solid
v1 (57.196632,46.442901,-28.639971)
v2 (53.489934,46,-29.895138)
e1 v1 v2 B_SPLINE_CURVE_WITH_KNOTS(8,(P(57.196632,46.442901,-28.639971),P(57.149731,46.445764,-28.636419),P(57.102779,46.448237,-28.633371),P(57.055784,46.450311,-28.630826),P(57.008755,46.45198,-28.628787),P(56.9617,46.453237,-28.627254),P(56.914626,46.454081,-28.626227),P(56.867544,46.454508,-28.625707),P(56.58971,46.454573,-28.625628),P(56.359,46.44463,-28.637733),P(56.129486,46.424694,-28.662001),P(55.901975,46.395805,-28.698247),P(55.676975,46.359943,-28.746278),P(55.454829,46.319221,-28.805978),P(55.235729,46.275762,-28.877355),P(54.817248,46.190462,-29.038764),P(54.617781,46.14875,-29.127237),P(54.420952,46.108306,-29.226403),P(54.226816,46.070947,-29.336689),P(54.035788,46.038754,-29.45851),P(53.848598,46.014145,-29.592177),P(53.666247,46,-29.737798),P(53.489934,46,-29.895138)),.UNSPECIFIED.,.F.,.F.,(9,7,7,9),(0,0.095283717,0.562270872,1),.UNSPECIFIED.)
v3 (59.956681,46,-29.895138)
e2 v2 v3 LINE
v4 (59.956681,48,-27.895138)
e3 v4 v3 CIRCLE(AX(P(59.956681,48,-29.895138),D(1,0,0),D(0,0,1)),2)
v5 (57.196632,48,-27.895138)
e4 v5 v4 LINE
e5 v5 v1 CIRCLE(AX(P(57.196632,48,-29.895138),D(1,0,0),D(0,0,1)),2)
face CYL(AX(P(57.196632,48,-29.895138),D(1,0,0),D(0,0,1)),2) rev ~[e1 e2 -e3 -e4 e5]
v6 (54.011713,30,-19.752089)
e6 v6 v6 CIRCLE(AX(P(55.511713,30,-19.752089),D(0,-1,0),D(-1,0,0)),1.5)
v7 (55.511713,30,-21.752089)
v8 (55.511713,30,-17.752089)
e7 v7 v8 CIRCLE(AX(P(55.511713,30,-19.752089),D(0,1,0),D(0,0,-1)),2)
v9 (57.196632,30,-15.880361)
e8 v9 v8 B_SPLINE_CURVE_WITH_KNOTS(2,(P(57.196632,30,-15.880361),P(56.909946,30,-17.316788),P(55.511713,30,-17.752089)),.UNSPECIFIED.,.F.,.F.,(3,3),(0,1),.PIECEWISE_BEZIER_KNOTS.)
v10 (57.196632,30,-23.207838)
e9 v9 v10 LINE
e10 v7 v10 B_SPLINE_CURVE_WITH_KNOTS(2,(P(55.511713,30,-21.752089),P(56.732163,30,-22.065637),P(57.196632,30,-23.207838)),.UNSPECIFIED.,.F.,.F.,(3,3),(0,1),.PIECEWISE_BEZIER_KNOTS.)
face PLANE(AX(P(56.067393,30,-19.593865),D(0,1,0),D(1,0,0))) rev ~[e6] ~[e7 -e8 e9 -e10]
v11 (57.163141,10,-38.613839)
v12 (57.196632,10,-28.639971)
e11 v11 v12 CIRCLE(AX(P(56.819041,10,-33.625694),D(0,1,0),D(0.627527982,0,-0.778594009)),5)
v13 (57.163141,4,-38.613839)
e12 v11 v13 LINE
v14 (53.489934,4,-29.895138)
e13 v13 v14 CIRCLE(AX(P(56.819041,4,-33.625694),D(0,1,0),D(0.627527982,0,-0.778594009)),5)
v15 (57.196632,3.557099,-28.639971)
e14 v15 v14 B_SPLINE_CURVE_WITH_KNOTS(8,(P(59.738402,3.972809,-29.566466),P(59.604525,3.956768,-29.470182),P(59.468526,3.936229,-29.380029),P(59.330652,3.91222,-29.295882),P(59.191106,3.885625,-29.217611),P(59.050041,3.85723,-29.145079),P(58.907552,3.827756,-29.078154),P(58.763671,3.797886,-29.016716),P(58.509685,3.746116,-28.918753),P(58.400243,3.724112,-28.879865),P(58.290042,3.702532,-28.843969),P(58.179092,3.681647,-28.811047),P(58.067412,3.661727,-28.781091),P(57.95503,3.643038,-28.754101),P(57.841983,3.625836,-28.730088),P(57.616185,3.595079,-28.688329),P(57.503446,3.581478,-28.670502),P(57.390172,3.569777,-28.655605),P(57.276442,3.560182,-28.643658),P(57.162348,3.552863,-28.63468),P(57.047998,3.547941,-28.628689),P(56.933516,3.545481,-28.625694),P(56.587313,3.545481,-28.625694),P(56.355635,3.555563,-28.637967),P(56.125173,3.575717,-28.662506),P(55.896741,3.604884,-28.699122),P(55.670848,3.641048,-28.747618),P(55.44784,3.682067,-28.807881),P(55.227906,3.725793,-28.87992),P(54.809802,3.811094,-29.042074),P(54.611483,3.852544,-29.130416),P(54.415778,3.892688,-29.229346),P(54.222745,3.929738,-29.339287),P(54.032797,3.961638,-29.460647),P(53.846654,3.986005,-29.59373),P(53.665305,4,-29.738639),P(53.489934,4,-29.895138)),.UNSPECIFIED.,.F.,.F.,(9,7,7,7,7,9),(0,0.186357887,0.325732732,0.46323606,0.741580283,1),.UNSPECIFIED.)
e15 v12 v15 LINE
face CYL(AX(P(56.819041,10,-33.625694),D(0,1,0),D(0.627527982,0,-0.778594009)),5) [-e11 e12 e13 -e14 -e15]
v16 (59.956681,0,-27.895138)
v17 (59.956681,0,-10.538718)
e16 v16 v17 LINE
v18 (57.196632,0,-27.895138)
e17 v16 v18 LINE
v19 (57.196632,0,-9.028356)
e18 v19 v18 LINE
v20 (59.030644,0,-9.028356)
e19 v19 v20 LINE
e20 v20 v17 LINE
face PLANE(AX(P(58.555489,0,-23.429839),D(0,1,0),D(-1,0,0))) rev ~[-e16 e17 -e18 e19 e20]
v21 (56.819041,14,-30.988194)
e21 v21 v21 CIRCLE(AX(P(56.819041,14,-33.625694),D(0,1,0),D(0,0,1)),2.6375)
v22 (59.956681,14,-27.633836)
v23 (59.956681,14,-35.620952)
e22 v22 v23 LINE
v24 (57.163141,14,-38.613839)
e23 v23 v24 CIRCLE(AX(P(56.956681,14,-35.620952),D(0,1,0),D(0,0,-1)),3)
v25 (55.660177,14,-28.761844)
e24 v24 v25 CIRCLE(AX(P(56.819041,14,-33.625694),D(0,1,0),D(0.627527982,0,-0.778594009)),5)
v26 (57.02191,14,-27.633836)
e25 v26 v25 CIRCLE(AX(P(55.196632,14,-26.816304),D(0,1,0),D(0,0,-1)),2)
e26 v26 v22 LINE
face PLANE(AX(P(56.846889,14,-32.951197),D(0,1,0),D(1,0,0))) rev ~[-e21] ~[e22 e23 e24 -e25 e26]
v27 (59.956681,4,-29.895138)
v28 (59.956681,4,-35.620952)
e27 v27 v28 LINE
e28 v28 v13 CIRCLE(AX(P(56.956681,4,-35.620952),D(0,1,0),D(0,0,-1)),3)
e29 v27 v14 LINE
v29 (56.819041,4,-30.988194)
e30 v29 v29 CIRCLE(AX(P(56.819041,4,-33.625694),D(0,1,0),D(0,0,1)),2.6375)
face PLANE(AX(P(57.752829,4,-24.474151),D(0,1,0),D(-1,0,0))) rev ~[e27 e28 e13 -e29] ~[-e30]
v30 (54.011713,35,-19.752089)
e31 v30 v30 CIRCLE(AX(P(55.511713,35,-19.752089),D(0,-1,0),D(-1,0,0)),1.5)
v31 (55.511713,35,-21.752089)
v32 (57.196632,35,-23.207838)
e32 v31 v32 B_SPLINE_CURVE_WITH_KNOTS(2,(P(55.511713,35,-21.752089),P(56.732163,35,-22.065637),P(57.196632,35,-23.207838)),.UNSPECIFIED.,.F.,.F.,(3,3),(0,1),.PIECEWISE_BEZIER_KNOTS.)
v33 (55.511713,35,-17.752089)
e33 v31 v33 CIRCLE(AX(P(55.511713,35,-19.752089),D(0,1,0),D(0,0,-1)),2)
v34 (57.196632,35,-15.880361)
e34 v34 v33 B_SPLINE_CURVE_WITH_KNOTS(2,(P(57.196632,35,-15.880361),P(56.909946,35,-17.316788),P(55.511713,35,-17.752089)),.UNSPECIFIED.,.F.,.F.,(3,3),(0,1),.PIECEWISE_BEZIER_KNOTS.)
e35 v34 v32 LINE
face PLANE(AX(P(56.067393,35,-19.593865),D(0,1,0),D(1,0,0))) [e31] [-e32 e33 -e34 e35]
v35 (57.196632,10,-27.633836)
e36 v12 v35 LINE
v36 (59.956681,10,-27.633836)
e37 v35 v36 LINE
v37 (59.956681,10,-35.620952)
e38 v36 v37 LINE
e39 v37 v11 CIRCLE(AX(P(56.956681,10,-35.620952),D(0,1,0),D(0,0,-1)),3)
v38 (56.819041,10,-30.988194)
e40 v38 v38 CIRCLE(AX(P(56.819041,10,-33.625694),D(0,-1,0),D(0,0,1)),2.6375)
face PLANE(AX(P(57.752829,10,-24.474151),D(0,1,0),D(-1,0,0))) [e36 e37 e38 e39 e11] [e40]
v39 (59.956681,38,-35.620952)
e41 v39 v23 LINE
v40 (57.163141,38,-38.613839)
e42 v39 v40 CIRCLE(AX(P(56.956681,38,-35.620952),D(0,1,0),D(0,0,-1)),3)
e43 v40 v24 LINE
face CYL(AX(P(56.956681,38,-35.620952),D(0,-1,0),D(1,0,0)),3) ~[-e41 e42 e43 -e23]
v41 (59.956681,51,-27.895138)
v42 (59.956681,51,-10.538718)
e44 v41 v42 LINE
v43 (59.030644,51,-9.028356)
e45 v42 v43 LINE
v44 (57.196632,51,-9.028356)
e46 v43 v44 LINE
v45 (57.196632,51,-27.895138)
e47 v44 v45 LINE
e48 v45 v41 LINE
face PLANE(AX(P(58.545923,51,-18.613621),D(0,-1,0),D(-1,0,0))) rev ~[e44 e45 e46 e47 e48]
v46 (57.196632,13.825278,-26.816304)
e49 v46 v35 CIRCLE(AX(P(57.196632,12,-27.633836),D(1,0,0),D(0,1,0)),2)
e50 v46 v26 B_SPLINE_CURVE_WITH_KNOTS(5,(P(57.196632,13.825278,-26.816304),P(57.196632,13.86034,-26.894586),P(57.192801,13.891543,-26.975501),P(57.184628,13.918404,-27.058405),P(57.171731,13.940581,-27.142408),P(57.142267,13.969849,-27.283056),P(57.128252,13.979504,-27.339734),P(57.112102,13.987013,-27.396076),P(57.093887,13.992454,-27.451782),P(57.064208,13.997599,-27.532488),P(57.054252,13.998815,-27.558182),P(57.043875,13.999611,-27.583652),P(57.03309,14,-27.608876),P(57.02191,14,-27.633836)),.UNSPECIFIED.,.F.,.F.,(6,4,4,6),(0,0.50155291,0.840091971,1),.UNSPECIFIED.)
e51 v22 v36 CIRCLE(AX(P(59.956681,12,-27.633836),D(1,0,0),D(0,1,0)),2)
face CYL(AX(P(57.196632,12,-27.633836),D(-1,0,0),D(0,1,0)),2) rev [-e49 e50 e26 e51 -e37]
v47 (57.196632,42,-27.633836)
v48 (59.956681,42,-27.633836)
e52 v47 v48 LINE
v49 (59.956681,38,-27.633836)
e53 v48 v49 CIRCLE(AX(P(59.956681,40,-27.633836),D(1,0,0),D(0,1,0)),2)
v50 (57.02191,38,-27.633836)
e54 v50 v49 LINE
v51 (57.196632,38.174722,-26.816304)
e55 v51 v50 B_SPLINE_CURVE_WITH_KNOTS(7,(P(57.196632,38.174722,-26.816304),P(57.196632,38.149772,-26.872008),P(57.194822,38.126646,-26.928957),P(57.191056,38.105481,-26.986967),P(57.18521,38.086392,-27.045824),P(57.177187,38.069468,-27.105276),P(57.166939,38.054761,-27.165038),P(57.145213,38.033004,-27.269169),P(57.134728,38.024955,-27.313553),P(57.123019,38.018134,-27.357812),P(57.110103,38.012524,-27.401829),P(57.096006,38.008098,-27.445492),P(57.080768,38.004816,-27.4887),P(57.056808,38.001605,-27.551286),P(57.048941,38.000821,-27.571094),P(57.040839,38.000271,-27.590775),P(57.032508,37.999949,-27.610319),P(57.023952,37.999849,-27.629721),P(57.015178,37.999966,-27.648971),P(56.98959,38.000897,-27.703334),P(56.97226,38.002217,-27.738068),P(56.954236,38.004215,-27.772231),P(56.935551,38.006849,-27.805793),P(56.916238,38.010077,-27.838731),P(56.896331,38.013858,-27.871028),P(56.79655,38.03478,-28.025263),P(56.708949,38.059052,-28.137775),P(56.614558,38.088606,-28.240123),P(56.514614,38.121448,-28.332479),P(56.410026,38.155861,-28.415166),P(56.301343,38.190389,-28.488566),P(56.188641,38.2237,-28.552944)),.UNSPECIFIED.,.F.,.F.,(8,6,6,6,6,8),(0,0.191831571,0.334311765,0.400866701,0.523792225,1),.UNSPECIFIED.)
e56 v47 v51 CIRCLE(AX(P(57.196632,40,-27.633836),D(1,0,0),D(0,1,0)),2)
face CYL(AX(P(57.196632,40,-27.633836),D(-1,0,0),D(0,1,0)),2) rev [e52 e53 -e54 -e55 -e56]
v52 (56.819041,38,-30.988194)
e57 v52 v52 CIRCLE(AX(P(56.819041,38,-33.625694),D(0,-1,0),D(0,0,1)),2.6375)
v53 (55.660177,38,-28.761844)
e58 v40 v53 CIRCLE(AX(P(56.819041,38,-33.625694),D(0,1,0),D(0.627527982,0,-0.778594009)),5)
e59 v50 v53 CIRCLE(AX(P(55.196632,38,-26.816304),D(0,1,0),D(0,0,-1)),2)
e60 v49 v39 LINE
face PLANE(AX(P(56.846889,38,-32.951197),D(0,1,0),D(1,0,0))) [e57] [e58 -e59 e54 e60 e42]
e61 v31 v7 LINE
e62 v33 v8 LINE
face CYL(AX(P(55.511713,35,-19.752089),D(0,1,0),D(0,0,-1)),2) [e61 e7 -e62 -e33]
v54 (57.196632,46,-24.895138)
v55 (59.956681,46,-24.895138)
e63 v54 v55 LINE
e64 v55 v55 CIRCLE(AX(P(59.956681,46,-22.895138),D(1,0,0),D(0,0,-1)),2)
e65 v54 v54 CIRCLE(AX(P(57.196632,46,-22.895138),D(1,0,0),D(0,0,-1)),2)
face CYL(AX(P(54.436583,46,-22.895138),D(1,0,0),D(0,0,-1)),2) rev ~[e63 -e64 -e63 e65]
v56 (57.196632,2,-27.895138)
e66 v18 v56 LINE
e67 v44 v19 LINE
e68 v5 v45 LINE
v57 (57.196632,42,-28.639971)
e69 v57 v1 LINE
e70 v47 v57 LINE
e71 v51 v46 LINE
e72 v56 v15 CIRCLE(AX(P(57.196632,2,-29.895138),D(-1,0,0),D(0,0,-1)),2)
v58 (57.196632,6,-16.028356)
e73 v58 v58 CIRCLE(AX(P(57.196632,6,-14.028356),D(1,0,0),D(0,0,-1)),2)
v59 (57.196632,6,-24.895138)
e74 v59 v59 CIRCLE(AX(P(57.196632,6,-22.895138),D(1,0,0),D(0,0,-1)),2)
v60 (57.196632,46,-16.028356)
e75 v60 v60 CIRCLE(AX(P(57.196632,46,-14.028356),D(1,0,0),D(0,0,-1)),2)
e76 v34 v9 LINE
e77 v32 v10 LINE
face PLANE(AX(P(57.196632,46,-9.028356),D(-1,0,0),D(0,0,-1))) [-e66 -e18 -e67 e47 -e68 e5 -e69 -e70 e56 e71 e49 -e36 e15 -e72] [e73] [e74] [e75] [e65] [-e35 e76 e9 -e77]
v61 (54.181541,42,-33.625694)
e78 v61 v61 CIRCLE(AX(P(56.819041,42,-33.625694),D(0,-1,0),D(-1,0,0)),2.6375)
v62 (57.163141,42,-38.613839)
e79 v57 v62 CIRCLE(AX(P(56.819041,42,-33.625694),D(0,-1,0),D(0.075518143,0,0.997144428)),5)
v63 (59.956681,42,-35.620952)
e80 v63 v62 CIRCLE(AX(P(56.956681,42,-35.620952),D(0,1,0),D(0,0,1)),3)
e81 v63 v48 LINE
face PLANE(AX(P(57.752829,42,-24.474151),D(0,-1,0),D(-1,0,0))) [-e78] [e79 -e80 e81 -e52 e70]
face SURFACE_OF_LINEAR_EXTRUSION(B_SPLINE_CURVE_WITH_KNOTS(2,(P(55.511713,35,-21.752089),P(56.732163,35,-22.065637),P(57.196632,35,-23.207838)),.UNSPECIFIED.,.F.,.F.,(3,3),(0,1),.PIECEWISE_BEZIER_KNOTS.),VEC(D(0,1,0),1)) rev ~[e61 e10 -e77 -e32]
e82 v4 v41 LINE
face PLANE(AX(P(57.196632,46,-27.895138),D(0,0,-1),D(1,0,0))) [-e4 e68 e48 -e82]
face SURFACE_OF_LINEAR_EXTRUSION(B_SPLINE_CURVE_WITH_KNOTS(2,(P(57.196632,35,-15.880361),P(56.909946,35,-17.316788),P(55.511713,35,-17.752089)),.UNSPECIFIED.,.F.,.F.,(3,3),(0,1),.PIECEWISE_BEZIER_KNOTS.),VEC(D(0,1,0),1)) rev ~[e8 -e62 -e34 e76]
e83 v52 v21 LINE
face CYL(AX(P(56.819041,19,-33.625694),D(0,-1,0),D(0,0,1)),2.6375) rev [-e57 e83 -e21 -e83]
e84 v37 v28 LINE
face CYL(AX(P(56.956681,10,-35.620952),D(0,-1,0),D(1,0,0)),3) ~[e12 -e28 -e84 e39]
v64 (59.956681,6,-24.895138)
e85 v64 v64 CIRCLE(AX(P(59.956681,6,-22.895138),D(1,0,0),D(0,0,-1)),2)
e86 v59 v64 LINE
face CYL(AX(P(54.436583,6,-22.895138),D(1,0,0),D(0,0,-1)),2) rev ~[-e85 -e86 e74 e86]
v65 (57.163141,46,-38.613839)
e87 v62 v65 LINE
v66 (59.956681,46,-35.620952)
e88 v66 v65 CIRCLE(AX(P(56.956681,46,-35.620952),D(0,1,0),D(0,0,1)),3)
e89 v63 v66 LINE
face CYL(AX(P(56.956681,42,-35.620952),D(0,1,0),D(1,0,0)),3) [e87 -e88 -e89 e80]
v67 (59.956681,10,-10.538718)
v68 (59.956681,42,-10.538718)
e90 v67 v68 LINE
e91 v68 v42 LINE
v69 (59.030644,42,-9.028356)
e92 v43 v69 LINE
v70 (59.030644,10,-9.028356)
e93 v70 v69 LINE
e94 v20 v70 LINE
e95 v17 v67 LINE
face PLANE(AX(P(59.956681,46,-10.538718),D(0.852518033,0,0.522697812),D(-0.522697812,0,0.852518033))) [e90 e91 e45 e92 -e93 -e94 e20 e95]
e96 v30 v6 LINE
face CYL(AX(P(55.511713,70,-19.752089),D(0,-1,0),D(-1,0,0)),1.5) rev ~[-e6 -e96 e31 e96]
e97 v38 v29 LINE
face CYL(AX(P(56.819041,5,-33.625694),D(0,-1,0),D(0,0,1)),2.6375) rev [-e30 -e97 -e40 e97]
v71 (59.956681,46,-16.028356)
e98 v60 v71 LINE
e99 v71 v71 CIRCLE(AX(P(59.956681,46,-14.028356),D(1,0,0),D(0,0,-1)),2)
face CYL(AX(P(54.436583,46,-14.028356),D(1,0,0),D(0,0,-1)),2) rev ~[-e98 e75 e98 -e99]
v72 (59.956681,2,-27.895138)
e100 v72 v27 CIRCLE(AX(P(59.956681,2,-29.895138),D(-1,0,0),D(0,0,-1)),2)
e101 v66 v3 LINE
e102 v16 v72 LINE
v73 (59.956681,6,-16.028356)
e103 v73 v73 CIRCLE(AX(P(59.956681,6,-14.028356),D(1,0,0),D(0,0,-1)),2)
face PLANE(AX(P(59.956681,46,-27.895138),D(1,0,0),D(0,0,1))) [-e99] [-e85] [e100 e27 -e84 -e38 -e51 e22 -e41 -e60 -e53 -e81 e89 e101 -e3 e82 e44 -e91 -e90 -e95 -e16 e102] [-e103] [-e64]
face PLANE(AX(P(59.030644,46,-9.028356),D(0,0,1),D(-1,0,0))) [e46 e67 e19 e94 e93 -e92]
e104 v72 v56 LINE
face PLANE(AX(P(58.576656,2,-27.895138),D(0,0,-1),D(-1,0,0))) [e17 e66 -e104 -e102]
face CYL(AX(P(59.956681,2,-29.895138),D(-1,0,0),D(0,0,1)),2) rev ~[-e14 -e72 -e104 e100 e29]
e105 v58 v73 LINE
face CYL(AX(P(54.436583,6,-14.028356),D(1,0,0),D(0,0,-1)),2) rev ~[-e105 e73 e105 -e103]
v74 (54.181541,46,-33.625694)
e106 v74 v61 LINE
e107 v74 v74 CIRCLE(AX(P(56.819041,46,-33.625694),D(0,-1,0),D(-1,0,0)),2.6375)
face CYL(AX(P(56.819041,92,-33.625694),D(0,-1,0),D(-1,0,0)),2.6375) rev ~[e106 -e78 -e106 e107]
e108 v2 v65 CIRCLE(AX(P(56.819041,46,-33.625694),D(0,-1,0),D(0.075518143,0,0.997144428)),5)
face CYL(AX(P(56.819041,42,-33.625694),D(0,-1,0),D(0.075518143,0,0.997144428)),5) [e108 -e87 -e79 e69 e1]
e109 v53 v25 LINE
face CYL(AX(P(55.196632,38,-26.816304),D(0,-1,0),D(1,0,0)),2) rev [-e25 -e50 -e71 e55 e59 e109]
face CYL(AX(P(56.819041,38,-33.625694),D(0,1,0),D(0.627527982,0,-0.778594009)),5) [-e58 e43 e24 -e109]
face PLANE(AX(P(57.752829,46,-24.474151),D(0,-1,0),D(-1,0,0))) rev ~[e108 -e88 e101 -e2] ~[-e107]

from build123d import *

# Parameters (mm, degrees)
BOSS_EXTRUDE5_DEPTH          = 2.760049195
CHAMFER1_SIZE                = 1.510362865
CHAMFER1_SIZE2               = 0.926037145
BOSS_EXTRUDE6_DEPTH          = 24
BOSS_EXTRUDE7_DEPTH          = 5
BOSS_EXTRUDE8_DEPTH          = 6
BOSS_EXTRUDE9_DEPTH          = 4
SKETCH28_W                   = 2.760049196
SKETCH28_H                   = 4
CUT_EXTRUDE3_DEPTH           = 8.878692186
BOSS_EXTRUDE10_DEPTH         = 4
SKETCH45_W                   = 2.760049196
SKETCH45_H                   = 4
CUT_EXTRUDE4_DEPTH           = 0.7448337
BOSS_EXTRUDE11_DEPTH         = 5
F_4_0_4_DIAMETER_HOLE2_D     = 4
F_4_0_4_DIAMETER_HOLE2_DEPTH = 2.760049195
SKETCH58_W                   = 2.6375
SKETCH58_H                   = 10
SKETCH60_W                   = 2.6375
SKETCH60_H                   = 38
HOLE6_D                      = 5.275
HOLE6_DEPTH                  = 46
F_3_0_3_DIAMETER_HOLE2_D     = 3
F_3_0_3_DIAMETER_HOLE2_DEPTH = 35
FILLET3_R                    = 2
FILLET4_R                    = 3


with BuildPart() as part:
    # Sketch17 → Boss-Extrude5 (new body)
    with BuildSketch(Plane(origin=(57.196631886, 0, 0), x_dir=(0, -1, 0), z_dir=(-1, 0, 0))):
        with BuildLine():
            Line((-38, -27.633835998), (-14, -27.633835998))
            ThreePointArc((-14, -27.633835998), (-12, -25.633835998), (-10, -27.633835998))
            Line((-10, -27.633835998), (-10, -9.028355512))
            Line((-10, -9.028355512), (-42, -9.028355512))
            Line((-42, -9.028355512), (-42, -27.633835998))
            ThreePointArc((-42, -27.633835998), (-40, -25.633835998), (-38, -27.633835998))
        make_face()
    extrude(amount=-BOSS_EXTRUDE5_DEPTH)

    # Chamfer1
    chamfer1_edges = [part.edges().sort_by_distance(p)[0] for p in [
        (59.956681082, 26, -9.028355512),
    ]]
    chamfer1_side = [part.faces().sort_by_distance(p)[0] for p in [
        (59.956681082, 26, -18.148814744),
    ]]
    chamfer(chamfer1_edges, length=CHAMFER1_SIZE, length2=CHAMFER1_SIZE2, reference=chamfer1_side[0])

    # Sketch18 → Boss-Extrude6 (add)
    with BuildSketch(Plane(origin=(0, 38, 0), x_dir=(1, 0, 0), z_dir=(0, 1, 0))):
        with BuildLine():
            Line((57.196631886, 27.633835998), (59.956681082, 27.633835998))
            Line((59.956681082, 27.633835998), (59.956681082, 37.518663649))
            ThreePointArc((59.956681082, 37.518663649), (52.044420209, 35.109942461), (57.196631886, 28.639971463))
            Line((57.196631886, 28.639971463), (57.196631886, 27.633835998))
        make_face()
    extrude(amount=-BOSS_EXTRUDE6_DEPTH)

    # Sketch19 → Boss-Extrude7 (add)
    with BuildSketch(Plane(origin=(0, 35, 0), x_dir=(1, 0, 0), z_dir=(0, 1, 0))):
        with BuildLine():
            Line((57.196631886, 15.88036097), (57.196631886, 23.207838196))
            add(Edge.make_bspline(
                [(55.511713205, 21.752088745), (56.732163203, 22.065636669), (57.196631886, 23.207838196)],
                knots=[0, 0, 0, 1, 1, 1], degree=2))
            ThreePointArc((55.511713205, 21.752088745), (53.511713205, 19.752088745), (55.511713205, 17.752088745))
            add(Edge.make_bspline(
                [(57.196631886, 15.88036097), (56.909946197, 17.31678815), (55.511713205, 17.752088745)],
                knots=[0, 0, 0, 1, 1, 1], degree=2))
        make_face()
    extrude(amount=-BOSS_EXTRUDE7_DEPTH)

    # Sketch20 → Boss-Extrude8 (add)
    with BuildSketch(Plane.XZ.offset(-10)):
        with BuildLine():
            Line((57.196631886, -28.639971463), (57.196631886, -9.028355512))
            Line((57.196631886, -9.028355512), (59.030643937, -9.028355512))
            Line((59.030643937, -9.028355512), (59.956681082, -10.538718377))
            Line((59.956681082, -10.538718377), (59.956681082, -37.518663649))
            ThreePointArc((59.956681082, -37.518663649), (52.044420209, -35.109942461), (57.196631886, -28.639971463))
        make_face()
    extrude(amount=BOSS_EXTRUDE8_DEPTH)

    # Sketch21 → Boss-Extrude9 (add)
    with BuildSketch(Plane.XZ.offset(-4)):
        Polygon((57.196631886, -27.895137764), (57.196631886, -9.028355512), (59.030643937, -9.028355512), (59.956681082, -10.538718377), (59.956681082, -27.895137764), (59.956681082, -28.639971463), (59.956681082, -37.518663649), (57.196631886, -37.518663649), (57.196631886, -28.639971463), align=None)
    extrude(amount=BOSS_EXTRUDE9_DEPTH)

    # Sketch28 → Cut-Extrude3 (cut)
    with BuildSketch(Plane(origin=(0, 0, -37.518663649), x_dir=(-1, 0, 0), z_dir=(0, 0, -1))):
        with Locations((-58.576656484, 2)):
            Rectangle(SKETCH28_W, SKETCH28_H)
    extrude(amount=-CUT_EXTRUDE3_DEPTH, mode=Mode.SUBTRACT)

    # Sketch36 → Boss-Extrude10 (add)
    with BuildSketch(Plane(origin=(0, 42, 0), x_dir=(1, 0, 0), z_dir=(0, 1, 0))):
        with BuildLine():
            Line((59.956681082, 37.518663649), (59.956681082, 10.538718377))
            Line((59.956681082, 10.538718377), (59.030643937, 9.028355512))
            Line((59.030643937, 9.028355512), (57.196631886, 9.028355512))
            Line((57.196631886, 9.028355512), (57.196631886, 28.639971463))
            ThreePointArc((57.196631886, 28.639971463), (52.044420209, 35.109942461), (59.956681082, 37.518663649))
        make_face()
    extrude(amount=BOSS_EXTRUDE10_DEPTH)

    # Sketch45 → Cut-Extrude4 (cut)
    with BuildSketch(Plane(origin=(0, 0, -28.639971463), x_dir=(-1, 0, 0), z_dir=(0, 0, -1))):
        with Locations((-58.576656484, 2)):
            Rectangle(SKETCH45_W, SKETCH45_H)
    extrude(amount=-CUT_EXTRUDE4_DEPTH, mode=Mode.SUBTRACT)

    # Sketch55 → Boss-Extrude11 (add)
    with BuildSketch(Plane(origin=(0, 46, 0), x_dir=(1, 0, 0), z_dir=(0, 1, 0))):
        Polygon((59.956681082, 10.538718377), (59.030643937, 9.028355512), (57.196631886, 9.028355512), (57.196631886, 27.895137764), (59.956681082, 27.895137764), align=None)
    extrude(amount=BOSS_EXTRUDE11_DEPTH)

    # Ø4.0 (4) Diameter Hole2
    with Locations(Plane.ZY.offset(-57.196631886)):
        with Locations((-22.895137764, 6), (-14.028355512, 6), (-14.028355512, 46), (-22.895137764, 46)):
            Hole(F_4_0_4_DIAMETER_HOLE2_D / 2, depth=F_4_0_4_DIAMETER_HOLE2_DEPTH)

    # Sketch58 → Hole4 (revolve, cut)
    with BuildSketch(Plane(origin=(56.81904117, 10, -33.625693603), x_dir=(0, 0, 1), z_dir=(1, 0, 0))):
        with Locations((1.31875, 5)):
            Rectangle(SKETCH58_W, SKETCH58_H)
    revolve(axis=Axis((56.81904117, -100, -33.625693603), (0, 1, 0)), mode=Mode.SUBTRACT)

    # Sketch60 → Hole5 (revolve, cut)
    with BuildSketch(Plane(origin=(56.81904117, 38, -33.625693603), x_dir=(0, 0, 1), z_dir=(1, 0, 0))):
        with Locations((1.31875, 19)):
            Rectangle(SKETCH60_W, SKETCH60_H)
    revolve(axis=Axis((56.81904117, -72, -33.625693603), (0, 1, 0)), mode=Mode.SUBTRACT)

    # Hole6
    with Locations(Plane(origin=(0, 46, 0), x_dir=(1, 0, 0), z_dir=(0, 1, 0))):
        with Locations((56.81904117, 33.625693603)):
            Hole(HOLE6_D / 2, depth=HOLE6_DEPTH)

    # Ø3.0 (3) Diameter Hole2
    with Locations(Plane(origin=(0, 35, 0), x_dir=(1, 0, 0), z_dir=(0, 1, 0))):
        with Locations((55.511713205, 19.752088745)):
            Hole(F_3_0_3_DIAMETER_HOLE2_D / 2, depth=F_3_0_3_DIAMETER_HOLE2_DEPTH)

    # Fillet3
    fillet3_edges = [part.edges().sort_by_distance(p)[0] for p in [
        (58.576656484, 46, -27.895137764),
        (58.576656484, 4, -27.895137764),
        (57.196631886, 26, -28.639971463),
    ]]
    fillet(fillet3_edges, radius=FILLET3_R)

    # Fillet4
    fillet4_edges = [part.edges().sort_by_distance(p)[0] for p in [
        (59.956681082, 26, -37.518663649),
        (59.956681082, 7, -37.518663649),
        (59.956681082, 44, -37.518663649),
    ]]
    fillet(fillet4_edges, radius=FILLET4_R)


solid = part.part
